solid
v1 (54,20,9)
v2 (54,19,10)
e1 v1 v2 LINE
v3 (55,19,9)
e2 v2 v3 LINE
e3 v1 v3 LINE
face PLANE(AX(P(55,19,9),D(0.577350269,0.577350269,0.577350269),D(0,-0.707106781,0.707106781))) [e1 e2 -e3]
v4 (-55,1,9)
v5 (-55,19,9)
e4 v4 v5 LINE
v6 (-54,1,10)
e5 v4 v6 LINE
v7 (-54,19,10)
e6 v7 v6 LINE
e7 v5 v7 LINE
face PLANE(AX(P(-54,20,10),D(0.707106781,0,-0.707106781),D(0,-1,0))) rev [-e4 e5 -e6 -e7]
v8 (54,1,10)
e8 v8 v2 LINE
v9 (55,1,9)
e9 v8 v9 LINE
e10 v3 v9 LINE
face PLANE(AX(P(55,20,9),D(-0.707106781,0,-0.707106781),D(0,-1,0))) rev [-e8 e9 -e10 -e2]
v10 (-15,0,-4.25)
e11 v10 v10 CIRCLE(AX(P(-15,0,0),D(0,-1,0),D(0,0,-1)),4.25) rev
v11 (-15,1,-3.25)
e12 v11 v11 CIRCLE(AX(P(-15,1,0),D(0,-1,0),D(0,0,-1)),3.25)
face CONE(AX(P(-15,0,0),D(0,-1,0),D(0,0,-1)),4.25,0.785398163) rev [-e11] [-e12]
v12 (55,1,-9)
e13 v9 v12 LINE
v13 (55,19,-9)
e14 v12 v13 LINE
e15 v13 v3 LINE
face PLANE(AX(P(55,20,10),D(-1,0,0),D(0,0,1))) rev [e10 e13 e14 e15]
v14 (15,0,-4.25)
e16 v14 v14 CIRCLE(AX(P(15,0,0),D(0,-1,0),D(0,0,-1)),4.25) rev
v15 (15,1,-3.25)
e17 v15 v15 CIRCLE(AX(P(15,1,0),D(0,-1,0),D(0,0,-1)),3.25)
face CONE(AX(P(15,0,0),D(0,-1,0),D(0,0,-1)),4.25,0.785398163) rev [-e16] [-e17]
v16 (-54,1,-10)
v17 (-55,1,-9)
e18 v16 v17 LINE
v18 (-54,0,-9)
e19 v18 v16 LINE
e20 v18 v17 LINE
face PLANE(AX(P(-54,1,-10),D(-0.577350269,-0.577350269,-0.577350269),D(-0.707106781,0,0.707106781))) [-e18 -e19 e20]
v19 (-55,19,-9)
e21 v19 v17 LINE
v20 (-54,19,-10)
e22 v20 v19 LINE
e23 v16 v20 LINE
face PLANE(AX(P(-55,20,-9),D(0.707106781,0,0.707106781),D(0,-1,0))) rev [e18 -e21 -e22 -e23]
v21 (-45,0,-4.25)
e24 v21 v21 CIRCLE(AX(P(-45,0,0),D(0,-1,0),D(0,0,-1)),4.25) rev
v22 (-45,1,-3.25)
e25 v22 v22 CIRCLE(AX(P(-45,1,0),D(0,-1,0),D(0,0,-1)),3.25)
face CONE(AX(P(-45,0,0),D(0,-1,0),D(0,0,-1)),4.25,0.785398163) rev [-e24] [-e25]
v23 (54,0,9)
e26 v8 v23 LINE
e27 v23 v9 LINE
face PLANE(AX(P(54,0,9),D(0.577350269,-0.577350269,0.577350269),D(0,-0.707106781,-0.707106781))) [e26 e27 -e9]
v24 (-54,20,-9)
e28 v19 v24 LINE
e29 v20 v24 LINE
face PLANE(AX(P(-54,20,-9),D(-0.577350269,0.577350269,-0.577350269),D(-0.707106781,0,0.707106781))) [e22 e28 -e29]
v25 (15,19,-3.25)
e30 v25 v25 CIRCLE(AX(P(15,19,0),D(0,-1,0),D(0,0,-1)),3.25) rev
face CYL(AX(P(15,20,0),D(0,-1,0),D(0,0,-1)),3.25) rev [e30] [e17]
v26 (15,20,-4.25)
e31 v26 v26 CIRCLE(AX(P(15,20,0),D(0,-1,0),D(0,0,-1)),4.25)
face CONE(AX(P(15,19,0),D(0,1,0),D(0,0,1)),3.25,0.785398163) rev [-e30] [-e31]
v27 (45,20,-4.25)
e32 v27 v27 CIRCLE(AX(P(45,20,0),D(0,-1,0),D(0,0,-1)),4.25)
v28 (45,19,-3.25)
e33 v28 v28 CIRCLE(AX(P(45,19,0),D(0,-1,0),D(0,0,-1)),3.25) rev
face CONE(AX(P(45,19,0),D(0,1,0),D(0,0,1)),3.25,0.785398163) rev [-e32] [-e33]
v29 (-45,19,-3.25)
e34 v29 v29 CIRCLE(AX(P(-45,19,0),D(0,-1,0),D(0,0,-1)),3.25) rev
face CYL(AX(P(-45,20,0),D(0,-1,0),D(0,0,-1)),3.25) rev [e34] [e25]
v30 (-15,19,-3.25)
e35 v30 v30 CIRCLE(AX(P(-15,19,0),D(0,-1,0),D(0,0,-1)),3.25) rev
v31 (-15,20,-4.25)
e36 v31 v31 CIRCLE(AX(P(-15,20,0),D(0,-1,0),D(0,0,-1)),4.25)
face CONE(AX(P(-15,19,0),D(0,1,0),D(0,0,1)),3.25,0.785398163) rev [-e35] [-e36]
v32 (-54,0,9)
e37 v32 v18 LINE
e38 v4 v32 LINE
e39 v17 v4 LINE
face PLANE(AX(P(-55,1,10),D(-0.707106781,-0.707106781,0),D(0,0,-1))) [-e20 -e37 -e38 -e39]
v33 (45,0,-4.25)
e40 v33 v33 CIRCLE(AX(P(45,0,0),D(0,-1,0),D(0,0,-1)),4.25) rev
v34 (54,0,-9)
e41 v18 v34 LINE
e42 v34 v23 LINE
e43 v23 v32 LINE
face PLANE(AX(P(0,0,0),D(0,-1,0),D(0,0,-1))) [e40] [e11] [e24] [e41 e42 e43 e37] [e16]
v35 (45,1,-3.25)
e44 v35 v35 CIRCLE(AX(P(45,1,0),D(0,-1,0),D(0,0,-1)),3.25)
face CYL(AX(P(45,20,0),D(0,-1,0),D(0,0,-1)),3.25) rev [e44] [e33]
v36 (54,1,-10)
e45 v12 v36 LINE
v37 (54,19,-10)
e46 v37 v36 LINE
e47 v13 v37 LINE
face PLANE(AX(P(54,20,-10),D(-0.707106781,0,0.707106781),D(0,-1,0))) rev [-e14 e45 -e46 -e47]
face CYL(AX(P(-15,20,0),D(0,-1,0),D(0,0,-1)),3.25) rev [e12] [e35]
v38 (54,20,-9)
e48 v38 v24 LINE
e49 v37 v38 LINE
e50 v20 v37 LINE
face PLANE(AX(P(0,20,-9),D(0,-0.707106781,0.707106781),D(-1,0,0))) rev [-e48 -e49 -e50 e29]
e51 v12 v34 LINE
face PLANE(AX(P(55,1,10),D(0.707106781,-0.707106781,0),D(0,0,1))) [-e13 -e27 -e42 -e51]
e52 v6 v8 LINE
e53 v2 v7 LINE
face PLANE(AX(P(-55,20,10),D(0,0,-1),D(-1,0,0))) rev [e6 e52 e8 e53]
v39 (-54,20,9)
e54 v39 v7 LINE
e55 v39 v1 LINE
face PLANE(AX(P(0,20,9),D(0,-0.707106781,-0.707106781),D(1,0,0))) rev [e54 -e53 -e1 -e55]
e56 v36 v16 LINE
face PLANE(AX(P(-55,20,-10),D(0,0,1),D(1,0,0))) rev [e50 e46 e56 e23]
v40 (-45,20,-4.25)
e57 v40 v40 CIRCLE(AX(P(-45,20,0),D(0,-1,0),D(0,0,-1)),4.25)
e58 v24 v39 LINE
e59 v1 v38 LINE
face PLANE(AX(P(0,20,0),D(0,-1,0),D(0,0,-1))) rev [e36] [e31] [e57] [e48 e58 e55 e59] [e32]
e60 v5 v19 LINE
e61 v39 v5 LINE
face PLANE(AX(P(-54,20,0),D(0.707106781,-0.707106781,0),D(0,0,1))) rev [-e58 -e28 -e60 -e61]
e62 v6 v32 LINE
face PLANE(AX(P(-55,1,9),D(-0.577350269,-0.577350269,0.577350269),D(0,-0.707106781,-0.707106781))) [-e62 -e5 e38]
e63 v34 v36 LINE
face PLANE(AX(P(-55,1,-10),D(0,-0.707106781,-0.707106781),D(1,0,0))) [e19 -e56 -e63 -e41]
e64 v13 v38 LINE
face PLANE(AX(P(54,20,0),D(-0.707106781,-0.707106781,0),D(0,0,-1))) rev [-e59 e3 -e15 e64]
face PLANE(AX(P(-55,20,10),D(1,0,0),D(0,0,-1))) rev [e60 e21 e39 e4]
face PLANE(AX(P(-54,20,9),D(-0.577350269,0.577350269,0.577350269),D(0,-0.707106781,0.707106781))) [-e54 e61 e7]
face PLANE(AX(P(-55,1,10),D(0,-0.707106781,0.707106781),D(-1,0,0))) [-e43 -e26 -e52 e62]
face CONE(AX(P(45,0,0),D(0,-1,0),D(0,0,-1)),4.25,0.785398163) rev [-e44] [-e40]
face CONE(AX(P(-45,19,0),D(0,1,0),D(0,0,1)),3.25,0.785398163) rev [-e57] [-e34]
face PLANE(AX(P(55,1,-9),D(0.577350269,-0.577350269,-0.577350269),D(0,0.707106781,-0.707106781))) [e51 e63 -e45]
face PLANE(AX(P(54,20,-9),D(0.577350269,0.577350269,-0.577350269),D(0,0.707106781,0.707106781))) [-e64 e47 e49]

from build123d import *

# Parameters (mm, degrees)
SKETCH1_W           = 110
SKETCH1_H           = 20
SKETCH1_R           = 3.25
BOSS_EXTRUDE1_DEPTH = 20
CHAMFER1_SIZE       = 1


with BuildPart() as part:
    # Sketch1 → Boss-Extrude1 (new body)
    with BuildSketch(Plane(origin=(0, 0, 0), x_dir=(1, 0, 0), z_dir=(0, 1, 0))):
        Rectangle(SKETCH1_W, SKETCH1_H)
        with Locations(Location((-45, 0, 0), (0, 0, 270))):
            Circle(SKETCH1_R, mode=Mode.SUBTRACT)
        with Locations(Location((-15, 0, 0), (0, 0, 270))):
            Circle(SKETCH1_R, mode=Mode.SUBTRACT)
        with Locations(Location((15, 0, 0), (0, 0, 270))):
            Circle(SKETCH1_R, mode=Mode.SUBTRACT)
        with Locations(Location((45, 0, 0), (0, 0, 270))):
            Circle(SKETCH1_R, mode=Mode.SUBTRACT)
    extrude(amount=BOSS_EXTRUDE1_DEPTH)

    # Chamfer1
    chamfer1_edges = [part.edges().sort_by_distance(p)[0] for p in [
        (-45, 0, -3.25),
        (-45, 20, -3.25),
        (-55, 20, 0),
        (-15, 0, -3.25),
        (-15, 20, -3.25),
        (0, 20, 10),
        (15, 0, -3.25),
        (15, 20, -3.25),
        (45, 0, -3.25),
        (45, 20, -3.25),
        (55, 20, 0),
        (0, 0, 10),
        (-55, 0, 0),
        (0, 0, -10),
        (55, 0, 0),
        (55, 10, 10),
        (-55, 10, 10),
        (-55, 10, -10),
        (55, 10, -10),
        (0, 20, -10),
    ]]
    chamfer(chamfer1_edges, length=CHAMFER1_SIZE)


solid = part.part
